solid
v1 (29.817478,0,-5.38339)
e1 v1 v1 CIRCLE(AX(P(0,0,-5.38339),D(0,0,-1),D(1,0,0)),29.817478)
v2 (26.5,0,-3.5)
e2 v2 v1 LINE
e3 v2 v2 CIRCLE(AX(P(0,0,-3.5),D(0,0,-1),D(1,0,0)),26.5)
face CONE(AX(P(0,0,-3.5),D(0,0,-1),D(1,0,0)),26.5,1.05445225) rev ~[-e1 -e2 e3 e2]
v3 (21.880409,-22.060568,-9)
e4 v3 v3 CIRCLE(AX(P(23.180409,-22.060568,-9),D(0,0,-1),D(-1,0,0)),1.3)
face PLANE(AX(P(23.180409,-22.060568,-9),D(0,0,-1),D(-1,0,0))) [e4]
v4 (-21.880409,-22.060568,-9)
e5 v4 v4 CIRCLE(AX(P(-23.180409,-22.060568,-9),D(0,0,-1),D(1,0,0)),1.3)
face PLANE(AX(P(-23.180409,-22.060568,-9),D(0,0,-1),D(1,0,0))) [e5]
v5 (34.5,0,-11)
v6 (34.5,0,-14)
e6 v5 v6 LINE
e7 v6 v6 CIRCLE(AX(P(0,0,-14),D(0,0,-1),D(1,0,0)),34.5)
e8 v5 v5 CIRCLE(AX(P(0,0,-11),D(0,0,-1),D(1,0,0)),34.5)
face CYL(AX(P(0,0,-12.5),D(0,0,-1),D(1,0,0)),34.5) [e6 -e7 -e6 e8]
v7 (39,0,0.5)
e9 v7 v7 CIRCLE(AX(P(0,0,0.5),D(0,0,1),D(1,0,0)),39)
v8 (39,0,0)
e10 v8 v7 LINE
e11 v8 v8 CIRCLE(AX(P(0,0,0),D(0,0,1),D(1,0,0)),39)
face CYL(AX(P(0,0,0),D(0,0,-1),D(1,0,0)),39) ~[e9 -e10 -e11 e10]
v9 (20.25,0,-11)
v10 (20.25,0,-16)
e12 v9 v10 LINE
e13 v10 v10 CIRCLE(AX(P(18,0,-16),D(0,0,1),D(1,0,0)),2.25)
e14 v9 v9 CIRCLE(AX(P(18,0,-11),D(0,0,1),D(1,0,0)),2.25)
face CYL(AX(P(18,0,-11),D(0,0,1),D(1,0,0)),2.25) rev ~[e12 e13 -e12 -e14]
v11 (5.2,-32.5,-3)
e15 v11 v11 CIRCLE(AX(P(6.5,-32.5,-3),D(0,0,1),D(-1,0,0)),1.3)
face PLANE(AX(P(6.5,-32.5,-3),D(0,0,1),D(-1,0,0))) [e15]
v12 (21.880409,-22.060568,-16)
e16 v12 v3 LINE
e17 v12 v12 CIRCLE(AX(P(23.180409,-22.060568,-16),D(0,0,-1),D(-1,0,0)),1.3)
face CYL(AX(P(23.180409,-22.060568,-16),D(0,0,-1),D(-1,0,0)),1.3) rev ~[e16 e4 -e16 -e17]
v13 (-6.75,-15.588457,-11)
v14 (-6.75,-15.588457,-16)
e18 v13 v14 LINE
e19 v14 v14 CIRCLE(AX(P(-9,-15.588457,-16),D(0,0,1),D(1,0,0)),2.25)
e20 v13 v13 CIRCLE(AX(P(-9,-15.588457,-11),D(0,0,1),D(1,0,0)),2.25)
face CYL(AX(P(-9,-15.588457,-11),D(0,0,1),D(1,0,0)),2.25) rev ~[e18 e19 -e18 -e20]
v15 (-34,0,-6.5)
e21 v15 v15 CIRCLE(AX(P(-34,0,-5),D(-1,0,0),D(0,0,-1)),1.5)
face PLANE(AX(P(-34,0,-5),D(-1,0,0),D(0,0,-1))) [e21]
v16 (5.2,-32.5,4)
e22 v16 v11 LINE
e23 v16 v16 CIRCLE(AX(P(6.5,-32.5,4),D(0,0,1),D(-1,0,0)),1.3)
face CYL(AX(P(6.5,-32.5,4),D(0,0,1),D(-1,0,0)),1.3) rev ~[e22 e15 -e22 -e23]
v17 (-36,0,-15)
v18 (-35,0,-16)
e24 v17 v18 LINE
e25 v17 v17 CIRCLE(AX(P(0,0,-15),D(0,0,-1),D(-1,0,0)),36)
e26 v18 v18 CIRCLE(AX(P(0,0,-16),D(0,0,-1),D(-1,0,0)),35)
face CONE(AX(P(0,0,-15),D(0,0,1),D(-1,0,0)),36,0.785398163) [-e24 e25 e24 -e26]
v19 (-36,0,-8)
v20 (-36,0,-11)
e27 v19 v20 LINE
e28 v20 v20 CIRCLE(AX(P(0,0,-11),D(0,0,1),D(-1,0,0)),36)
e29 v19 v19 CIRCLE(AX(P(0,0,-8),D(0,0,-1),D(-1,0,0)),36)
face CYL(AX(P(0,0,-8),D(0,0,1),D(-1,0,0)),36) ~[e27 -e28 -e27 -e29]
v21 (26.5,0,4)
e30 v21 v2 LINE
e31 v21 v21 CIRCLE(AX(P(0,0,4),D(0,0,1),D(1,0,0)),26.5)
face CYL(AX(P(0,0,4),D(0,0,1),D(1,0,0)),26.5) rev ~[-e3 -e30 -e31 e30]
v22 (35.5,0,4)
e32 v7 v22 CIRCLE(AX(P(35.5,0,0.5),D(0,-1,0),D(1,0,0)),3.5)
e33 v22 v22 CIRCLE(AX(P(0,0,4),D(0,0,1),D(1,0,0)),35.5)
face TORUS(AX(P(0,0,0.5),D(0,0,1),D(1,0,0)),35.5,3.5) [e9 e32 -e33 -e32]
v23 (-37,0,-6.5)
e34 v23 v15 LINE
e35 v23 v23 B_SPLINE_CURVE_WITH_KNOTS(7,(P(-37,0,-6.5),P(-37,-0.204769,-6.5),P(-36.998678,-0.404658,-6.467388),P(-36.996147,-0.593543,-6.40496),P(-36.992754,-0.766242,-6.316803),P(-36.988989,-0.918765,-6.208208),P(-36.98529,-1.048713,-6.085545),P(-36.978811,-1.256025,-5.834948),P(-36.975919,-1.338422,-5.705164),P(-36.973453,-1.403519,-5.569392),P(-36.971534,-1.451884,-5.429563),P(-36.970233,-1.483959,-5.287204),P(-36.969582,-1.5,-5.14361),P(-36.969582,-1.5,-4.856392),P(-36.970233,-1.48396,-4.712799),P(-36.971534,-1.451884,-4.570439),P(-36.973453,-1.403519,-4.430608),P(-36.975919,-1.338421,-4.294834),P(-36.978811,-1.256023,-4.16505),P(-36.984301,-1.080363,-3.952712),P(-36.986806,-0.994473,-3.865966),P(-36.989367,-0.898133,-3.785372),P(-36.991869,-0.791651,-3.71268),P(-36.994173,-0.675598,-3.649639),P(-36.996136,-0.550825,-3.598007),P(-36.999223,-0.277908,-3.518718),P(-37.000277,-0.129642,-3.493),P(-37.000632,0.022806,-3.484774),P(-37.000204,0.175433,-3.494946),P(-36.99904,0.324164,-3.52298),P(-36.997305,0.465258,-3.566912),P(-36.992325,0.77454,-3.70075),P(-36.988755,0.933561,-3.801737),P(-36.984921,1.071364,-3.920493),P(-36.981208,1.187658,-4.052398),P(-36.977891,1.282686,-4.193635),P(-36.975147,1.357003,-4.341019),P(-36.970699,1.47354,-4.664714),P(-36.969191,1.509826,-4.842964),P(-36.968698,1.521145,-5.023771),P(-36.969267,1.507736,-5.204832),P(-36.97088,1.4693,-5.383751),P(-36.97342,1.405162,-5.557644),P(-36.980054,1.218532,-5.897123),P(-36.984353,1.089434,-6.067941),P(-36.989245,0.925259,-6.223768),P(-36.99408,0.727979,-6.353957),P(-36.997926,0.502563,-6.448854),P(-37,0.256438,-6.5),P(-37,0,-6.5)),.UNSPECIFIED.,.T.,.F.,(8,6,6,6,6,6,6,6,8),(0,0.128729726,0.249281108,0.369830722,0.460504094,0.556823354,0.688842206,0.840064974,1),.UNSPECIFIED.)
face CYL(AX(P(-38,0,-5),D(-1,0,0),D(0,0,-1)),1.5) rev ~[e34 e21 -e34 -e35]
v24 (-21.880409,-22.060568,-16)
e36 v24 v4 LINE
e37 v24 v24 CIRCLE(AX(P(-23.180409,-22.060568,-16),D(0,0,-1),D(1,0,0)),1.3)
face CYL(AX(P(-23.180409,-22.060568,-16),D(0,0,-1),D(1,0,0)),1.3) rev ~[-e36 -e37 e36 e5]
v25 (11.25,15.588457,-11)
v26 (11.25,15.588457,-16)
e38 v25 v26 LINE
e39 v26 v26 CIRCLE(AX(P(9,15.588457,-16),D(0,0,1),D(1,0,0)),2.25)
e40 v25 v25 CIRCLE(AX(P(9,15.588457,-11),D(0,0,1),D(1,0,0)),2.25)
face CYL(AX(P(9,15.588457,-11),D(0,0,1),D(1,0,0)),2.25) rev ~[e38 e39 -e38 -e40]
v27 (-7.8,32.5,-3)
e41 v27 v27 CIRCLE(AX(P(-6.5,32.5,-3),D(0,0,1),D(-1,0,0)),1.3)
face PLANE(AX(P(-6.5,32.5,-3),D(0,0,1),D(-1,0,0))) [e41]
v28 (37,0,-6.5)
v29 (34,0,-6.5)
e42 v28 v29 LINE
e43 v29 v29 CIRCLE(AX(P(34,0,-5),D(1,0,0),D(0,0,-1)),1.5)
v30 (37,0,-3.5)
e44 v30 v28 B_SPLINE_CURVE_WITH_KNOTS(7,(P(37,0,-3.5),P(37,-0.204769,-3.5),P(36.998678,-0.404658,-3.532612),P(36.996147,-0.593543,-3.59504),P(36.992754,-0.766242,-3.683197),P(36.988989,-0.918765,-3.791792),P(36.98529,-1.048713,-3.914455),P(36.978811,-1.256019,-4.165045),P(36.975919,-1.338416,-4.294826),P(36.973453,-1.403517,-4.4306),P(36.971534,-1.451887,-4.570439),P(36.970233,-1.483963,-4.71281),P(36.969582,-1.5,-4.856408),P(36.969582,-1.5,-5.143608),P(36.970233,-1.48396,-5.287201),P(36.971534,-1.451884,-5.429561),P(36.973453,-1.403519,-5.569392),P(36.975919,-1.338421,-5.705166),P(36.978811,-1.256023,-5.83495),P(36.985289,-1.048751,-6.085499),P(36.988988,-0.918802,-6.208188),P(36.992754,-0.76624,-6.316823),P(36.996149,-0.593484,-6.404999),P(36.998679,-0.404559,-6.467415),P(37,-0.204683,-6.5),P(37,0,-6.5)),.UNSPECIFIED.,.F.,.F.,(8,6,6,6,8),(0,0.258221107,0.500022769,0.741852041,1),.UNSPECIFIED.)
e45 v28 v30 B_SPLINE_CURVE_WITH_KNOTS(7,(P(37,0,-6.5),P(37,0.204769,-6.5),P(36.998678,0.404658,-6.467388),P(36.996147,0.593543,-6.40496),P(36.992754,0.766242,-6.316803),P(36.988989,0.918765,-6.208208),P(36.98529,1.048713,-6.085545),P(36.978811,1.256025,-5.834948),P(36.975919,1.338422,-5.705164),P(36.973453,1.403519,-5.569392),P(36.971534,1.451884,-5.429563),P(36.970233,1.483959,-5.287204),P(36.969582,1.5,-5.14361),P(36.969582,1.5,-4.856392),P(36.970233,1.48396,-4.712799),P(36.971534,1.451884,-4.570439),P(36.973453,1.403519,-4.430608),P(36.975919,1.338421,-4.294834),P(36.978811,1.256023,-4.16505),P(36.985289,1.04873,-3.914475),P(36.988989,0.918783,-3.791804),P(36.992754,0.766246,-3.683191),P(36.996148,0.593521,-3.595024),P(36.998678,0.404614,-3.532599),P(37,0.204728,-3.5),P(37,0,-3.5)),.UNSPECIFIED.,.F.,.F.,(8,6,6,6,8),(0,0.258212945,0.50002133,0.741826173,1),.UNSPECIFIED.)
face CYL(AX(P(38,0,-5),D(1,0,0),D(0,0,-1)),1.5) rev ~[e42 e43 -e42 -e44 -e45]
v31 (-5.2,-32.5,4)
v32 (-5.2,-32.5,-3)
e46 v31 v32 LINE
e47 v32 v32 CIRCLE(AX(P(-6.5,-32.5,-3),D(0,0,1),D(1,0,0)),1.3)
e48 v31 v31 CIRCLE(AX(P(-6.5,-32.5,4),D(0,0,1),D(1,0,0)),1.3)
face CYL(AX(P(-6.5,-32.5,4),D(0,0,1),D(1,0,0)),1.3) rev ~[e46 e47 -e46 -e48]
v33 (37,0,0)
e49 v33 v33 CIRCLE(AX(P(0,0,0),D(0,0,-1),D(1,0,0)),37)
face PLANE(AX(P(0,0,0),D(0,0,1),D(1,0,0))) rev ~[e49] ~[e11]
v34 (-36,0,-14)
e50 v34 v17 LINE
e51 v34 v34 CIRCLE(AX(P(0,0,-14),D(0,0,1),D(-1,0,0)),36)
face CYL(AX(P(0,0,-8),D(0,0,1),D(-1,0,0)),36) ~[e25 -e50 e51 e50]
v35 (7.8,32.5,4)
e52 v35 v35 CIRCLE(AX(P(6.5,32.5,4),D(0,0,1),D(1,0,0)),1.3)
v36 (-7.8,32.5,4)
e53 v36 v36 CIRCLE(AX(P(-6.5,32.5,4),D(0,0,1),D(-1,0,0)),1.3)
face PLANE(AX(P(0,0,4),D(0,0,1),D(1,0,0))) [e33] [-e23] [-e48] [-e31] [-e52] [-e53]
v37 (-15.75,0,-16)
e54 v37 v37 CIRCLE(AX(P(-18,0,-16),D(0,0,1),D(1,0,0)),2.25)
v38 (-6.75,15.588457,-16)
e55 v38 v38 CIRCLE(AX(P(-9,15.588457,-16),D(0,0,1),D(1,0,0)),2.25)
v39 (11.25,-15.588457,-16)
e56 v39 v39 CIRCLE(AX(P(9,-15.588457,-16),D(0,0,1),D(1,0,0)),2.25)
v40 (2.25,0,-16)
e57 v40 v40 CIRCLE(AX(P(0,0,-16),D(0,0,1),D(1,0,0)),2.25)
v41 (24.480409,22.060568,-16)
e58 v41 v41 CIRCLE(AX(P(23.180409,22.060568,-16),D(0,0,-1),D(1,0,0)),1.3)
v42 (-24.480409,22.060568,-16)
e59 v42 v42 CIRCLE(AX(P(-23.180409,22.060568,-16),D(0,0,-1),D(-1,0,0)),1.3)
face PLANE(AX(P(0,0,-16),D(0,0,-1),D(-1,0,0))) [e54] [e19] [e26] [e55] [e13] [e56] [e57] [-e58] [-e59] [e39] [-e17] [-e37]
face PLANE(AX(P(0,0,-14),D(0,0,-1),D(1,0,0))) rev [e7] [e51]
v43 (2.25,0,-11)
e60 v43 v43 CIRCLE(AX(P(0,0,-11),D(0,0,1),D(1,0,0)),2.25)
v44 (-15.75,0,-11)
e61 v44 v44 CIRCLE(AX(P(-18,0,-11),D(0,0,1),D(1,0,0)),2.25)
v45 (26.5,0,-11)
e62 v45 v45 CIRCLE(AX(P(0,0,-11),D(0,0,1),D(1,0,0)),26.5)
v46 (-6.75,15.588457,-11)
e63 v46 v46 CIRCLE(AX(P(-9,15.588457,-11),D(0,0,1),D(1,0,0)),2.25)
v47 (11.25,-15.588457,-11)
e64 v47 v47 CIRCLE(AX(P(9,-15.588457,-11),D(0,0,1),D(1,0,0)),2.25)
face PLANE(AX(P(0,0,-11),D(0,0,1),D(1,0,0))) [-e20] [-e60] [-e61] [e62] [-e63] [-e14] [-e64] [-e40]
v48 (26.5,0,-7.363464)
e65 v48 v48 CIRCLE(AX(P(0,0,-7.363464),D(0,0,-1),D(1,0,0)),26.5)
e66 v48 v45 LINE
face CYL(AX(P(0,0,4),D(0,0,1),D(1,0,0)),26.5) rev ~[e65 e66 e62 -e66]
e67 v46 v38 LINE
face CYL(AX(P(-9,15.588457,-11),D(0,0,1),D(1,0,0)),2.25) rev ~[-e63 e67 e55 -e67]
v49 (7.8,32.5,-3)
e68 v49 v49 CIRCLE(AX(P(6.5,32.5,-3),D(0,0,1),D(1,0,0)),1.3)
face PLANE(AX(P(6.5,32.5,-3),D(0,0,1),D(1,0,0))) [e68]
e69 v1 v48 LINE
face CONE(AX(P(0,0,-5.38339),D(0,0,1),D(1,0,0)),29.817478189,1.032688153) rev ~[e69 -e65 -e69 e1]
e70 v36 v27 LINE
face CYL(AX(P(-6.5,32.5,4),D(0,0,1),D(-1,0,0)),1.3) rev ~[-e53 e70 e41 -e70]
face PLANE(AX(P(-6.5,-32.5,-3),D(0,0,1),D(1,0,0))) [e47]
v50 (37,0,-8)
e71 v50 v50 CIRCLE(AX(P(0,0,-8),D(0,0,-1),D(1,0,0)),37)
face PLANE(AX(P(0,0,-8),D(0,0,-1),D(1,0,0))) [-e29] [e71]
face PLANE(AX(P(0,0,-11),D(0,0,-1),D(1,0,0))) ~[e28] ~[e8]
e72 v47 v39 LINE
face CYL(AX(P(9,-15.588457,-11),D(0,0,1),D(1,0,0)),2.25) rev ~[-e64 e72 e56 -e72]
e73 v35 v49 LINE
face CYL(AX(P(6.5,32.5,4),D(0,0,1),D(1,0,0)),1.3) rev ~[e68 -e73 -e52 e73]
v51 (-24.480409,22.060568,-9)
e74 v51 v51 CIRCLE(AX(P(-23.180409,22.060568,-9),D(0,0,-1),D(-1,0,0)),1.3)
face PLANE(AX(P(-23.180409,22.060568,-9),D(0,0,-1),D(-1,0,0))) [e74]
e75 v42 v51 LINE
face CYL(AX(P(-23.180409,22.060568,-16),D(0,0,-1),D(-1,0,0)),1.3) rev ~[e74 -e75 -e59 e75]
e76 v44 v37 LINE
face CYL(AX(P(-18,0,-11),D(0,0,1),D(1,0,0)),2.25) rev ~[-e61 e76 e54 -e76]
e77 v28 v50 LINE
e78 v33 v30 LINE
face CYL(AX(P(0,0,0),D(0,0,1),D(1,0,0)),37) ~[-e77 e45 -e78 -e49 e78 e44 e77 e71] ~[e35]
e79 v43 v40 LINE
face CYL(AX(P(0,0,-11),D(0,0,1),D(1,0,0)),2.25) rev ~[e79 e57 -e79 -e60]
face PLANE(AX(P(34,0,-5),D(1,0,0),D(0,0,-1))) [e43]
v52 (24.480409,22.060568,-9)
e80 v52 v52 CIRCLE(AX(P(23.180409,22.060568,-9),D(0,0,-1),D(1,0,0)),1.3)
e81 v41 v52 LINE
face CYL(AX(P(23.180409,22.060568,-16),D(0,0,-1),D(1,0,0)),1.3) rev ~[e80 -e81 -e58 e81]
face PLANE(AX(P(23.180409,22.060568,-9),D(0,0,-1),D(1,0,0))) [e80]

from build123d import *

# Parameters (mm, degrees)
SKETCH_1_R               = 39
EXTRUDE_1_DEPTH          = 4
FILLET_1_R               = 3.5
SKETCH_3_R               = 37
EXTRUDE_2_DEPTH          = 8
SKETCH_4_R               = 36
EXTRUDE_3_DEPTH          = 8
SKETCH_5_W               = 3
SKETCH_5_H               = 1.5
SKETCH_7_R               = 27
CUT_EXTRUDE_1_DEPTH      = 17
CHAMFER_2_SIZE           = 1
SKETCH_18_R              = 1.3
CUT_EXTRUDE_6_DEPTH      = 7
EXTRUDE_START            = 17
SKETCH_19_R              = 27
EXTRUDE_4_DEPTH          = 17
SKETCH_20_R              = 26.5
CUT_EXTRUDE_7_DEPTH      = 15
SKETCH_21_R              = 2.25
CUT_EXTRUDE_8_DEPTH      = 15
SKETCH_23_R              = 1.3
CUT_EXTRUDE_9_DEPTH      = 7
CUT_EXTRUDE_START        = 38
SKETCH_25_R              = 1.5
CUT_EXTRUDE_11_DEPTH     = 4
PATTERN_CIRCULAR_2_COUNT = 2


with BuildPart() as part:
    # Sketch 1 → Бобышка-Вытянуть1 (new body)
    with BuildSketch(Plane.XY):
        Circle(SKETCH_1_R)
    extrude(amount=EXTRUDE_1_DEPTH)

    # Скругление1
    fillet_1_edges = [part.edges().sort_by_distance(p)[0] for p in [
        (-39, 0, 4),
    ]]
    fillet(fillet_1_edges, radius=FILLET_1_R)

    # Эскиз3 → Бобышка-Вытянуть2 (add)
    with BuildSketch(Plane(origin=(0, 0, 0), x_dir=(-1, 0, 0), z_dir=(0, 0, -1))):
        with Locations(Location((0, 0, 0), (0, 0, 180))):
            Circle(SKETCH_3_R)
    extrude(amount=EXTRUDE_2_DEPTH)

    # Эскиз4 → Бобышка-Вытянуть3 (add)
    with BuildSketch(Plane(origin=(0, 0, -8), x_dir=(-1, 0, 0), z_dir=(0, 0, -1))):
        Circle(SKETCH_4_R)
    extrude(amount=EXTRUDE_3_DEPTH)

    # Эскиз5 → Вырез-Повернуть1 (revolve, cut)
    with BuildSketch(Plane(origin=(0, 0, 0), x_dir=(0, 0, -1), z_dir=(1, 0, 0)), mode=Mode.PRIVATE) as cut_revolve_1_sk:
        with Locations((12.5, 35.25)):
            Rectangle(SKETCH_5_W, SKETCH_5_H)
    revolve(cut_revolve_1_sk.sketch.rotate(Axis((0, 0, 46.650977883), (0, 0, -1)), 90), axis=Axis((0, 0, 46.650977883), (0, 0, -1)), mode=Mode.SUBTRACT)

    # Эскиз7 → Вырез-Вытянуть1 (cut)
    with BuildSketch(Plane(origin=(0, 0, -16), x_dir=(-1, 0, 0), z_dir=(0, 0, -1))):
        Circle(SKETCH_7_R)
    extrude(amount=-CUT_EXTRUDE_1_DEPTH, mode=Mode.SUBTRACT)

    # Фаска2
    chamfer_2_edges = [part.edges().sort_by_distance(p)[0] for p in [
        (36, 0, -16),
    ]]
    chamfer(chamfer_2_edges, length=CHAMFER_2_SIZE)

    # Эскиз18 → Вырез-Вытянуть6 (cut)
    with BuildSketch(Plane.XY.offset(4)):
        with Locations((6.5, 32.5)):
            Circle(SKETCH_18_R)
        with Locations(Location((-6.5, 32.5, 0), (0, 0, 180))):
            Circle(SKETCH_18_R)
        with Locations(Location((6.5, -32.5, 0), (0, 0, 180))):
            Circle(SKETCH_18_R)
        with Locations((-6.5, -32.5)):
            Circle(SKETCH_18_R)
    extrude(amount=-CUT_EXTRUDE_6_DEPTH, mode=Mode.SUBTRACT)

    # Эскиз19 → Бобышка-Вытянуть4 (add)
    with BuildSketch(Plane(origin=(0, 0, 1), x_dir=(-1, 0, 0), z_dir=(0, 0, -1)).offset(EXTRUDE_START)):
        Circle(SKETCH_19_R)
    extrude(amount=-EXTRUDE_4_DEPTH)

    # Эскиз20 → Вырез-Вытянуть7 (cut)
    with BuildSketch(Plane.XY.offset(4)):
        Circle(SKETCH_20_R)
    extrude(amount=-CUT_EXTRUDE_7_DEPTH, mode=Mode.SUBTRACT)

    # Эскиз21 → Вырез-Вытянуть8 (cut)
    with BuildSketch(Plane.XY.offset(-11)):
        with Locations((-18, 0)):
            Circle(SKETCH_21_R)
        with Locations((-9, 15.588457268)):
            Circle(SKETCH_21_R)
        with Locations((9, 15.588457268)):
            Circle(SKETCH_21_R)
        with Locations((18, 0)):
            Circle(SKETCH_21_R)
        with Locations((9, -15.588457268)):
            Circle(SKETCH_21_R)
        with Locations((-9, -15.588457268)):
            Circle(SKETCH_21_R)
        Circle(SKETCH_21_R)
    extrude(amount=-CUT_EXTRUDE_8_DEPTH, mode=Mode.SUBTRACT)

    # Эскиз22 → Вырез-Повернуть2 (revolve, cut)
    with BuildSketch(Plane(origin=(0, 0, 0), x_dir=(0, 0, -1), z_dir=(1, 0, 0)), mode=Mode.PRIVATE) as cut_revolve_2_sk:
        Polygon((3.5, 26.5), (5.383390473, 29.817478189), (7.363463637, 26.5), align=None)
    revolve(cut_revolve_2_sk.sketch.rotate(Axis((0, 0, 32.005569053), (0, 0, -1)), 90), axis=Axis((0, 0, 32.005569053), (0, 0, -1)), mode=Mode.SUBTRACT)

    # Эскиз23 → Вырез-Вытянуть9 (cut)
    with BuildSketch(Plane(origin=(0, 0, -16), x_dir=(-1, 0, 0), z_dir=(0, 0, -1))):
        with Locations((23.180408503, 22.060568026)):
            Circle(SKETCH_23_R)
        with Locations(Location((-23.180408503, 22.060568026, 0), (0, 0, 180))):
            Circle(SKETCH_23_R)
        with Locations(Location((23.180408503, -22.060568026, 0), (0, 0, 180))):
            Circle(SKETCH_23_R)
        with Locations((-23.180408503, -22.060568026)):
            Circle(SKETCH_23_R)
    extrude(amount=-CUT_EXTRUDE_9_DEPTH, mode=Mode.SUBTRACT)

    # Эскиз25 → Вырез-Вытянуть11 (cut)
    with BuildSketch(Plane(origin=(0, 0, 0), x_dir=(0, 0, -1), z_dir=(1, 0, 0)).offset(CUT_EXTRUDE_START)):
        with Locations((5, 0)):
            Circle(SKETCH_25_R)
    cut_extrude_11 = extrude(amount=-CUT_EXTRUDE_11_DEPTH, mode=Mode.SUBTRACT)

    # Круговой массив2: Вырез-Вытянуть11 ×2 about axis
    pattern_circular_2_axis = Axis((0, 0, -8), (0, 0, 1))
    for i in range(1, PATTERN_CIRCULAR_2_COUNT):
        add(cut_extrude_11.rotate(pattern_circular_2_axis, i * 360 / PATTERN_CIRCULAR_2_COUNT), mode=Mode.SUBTRACT)


solid = part.part
